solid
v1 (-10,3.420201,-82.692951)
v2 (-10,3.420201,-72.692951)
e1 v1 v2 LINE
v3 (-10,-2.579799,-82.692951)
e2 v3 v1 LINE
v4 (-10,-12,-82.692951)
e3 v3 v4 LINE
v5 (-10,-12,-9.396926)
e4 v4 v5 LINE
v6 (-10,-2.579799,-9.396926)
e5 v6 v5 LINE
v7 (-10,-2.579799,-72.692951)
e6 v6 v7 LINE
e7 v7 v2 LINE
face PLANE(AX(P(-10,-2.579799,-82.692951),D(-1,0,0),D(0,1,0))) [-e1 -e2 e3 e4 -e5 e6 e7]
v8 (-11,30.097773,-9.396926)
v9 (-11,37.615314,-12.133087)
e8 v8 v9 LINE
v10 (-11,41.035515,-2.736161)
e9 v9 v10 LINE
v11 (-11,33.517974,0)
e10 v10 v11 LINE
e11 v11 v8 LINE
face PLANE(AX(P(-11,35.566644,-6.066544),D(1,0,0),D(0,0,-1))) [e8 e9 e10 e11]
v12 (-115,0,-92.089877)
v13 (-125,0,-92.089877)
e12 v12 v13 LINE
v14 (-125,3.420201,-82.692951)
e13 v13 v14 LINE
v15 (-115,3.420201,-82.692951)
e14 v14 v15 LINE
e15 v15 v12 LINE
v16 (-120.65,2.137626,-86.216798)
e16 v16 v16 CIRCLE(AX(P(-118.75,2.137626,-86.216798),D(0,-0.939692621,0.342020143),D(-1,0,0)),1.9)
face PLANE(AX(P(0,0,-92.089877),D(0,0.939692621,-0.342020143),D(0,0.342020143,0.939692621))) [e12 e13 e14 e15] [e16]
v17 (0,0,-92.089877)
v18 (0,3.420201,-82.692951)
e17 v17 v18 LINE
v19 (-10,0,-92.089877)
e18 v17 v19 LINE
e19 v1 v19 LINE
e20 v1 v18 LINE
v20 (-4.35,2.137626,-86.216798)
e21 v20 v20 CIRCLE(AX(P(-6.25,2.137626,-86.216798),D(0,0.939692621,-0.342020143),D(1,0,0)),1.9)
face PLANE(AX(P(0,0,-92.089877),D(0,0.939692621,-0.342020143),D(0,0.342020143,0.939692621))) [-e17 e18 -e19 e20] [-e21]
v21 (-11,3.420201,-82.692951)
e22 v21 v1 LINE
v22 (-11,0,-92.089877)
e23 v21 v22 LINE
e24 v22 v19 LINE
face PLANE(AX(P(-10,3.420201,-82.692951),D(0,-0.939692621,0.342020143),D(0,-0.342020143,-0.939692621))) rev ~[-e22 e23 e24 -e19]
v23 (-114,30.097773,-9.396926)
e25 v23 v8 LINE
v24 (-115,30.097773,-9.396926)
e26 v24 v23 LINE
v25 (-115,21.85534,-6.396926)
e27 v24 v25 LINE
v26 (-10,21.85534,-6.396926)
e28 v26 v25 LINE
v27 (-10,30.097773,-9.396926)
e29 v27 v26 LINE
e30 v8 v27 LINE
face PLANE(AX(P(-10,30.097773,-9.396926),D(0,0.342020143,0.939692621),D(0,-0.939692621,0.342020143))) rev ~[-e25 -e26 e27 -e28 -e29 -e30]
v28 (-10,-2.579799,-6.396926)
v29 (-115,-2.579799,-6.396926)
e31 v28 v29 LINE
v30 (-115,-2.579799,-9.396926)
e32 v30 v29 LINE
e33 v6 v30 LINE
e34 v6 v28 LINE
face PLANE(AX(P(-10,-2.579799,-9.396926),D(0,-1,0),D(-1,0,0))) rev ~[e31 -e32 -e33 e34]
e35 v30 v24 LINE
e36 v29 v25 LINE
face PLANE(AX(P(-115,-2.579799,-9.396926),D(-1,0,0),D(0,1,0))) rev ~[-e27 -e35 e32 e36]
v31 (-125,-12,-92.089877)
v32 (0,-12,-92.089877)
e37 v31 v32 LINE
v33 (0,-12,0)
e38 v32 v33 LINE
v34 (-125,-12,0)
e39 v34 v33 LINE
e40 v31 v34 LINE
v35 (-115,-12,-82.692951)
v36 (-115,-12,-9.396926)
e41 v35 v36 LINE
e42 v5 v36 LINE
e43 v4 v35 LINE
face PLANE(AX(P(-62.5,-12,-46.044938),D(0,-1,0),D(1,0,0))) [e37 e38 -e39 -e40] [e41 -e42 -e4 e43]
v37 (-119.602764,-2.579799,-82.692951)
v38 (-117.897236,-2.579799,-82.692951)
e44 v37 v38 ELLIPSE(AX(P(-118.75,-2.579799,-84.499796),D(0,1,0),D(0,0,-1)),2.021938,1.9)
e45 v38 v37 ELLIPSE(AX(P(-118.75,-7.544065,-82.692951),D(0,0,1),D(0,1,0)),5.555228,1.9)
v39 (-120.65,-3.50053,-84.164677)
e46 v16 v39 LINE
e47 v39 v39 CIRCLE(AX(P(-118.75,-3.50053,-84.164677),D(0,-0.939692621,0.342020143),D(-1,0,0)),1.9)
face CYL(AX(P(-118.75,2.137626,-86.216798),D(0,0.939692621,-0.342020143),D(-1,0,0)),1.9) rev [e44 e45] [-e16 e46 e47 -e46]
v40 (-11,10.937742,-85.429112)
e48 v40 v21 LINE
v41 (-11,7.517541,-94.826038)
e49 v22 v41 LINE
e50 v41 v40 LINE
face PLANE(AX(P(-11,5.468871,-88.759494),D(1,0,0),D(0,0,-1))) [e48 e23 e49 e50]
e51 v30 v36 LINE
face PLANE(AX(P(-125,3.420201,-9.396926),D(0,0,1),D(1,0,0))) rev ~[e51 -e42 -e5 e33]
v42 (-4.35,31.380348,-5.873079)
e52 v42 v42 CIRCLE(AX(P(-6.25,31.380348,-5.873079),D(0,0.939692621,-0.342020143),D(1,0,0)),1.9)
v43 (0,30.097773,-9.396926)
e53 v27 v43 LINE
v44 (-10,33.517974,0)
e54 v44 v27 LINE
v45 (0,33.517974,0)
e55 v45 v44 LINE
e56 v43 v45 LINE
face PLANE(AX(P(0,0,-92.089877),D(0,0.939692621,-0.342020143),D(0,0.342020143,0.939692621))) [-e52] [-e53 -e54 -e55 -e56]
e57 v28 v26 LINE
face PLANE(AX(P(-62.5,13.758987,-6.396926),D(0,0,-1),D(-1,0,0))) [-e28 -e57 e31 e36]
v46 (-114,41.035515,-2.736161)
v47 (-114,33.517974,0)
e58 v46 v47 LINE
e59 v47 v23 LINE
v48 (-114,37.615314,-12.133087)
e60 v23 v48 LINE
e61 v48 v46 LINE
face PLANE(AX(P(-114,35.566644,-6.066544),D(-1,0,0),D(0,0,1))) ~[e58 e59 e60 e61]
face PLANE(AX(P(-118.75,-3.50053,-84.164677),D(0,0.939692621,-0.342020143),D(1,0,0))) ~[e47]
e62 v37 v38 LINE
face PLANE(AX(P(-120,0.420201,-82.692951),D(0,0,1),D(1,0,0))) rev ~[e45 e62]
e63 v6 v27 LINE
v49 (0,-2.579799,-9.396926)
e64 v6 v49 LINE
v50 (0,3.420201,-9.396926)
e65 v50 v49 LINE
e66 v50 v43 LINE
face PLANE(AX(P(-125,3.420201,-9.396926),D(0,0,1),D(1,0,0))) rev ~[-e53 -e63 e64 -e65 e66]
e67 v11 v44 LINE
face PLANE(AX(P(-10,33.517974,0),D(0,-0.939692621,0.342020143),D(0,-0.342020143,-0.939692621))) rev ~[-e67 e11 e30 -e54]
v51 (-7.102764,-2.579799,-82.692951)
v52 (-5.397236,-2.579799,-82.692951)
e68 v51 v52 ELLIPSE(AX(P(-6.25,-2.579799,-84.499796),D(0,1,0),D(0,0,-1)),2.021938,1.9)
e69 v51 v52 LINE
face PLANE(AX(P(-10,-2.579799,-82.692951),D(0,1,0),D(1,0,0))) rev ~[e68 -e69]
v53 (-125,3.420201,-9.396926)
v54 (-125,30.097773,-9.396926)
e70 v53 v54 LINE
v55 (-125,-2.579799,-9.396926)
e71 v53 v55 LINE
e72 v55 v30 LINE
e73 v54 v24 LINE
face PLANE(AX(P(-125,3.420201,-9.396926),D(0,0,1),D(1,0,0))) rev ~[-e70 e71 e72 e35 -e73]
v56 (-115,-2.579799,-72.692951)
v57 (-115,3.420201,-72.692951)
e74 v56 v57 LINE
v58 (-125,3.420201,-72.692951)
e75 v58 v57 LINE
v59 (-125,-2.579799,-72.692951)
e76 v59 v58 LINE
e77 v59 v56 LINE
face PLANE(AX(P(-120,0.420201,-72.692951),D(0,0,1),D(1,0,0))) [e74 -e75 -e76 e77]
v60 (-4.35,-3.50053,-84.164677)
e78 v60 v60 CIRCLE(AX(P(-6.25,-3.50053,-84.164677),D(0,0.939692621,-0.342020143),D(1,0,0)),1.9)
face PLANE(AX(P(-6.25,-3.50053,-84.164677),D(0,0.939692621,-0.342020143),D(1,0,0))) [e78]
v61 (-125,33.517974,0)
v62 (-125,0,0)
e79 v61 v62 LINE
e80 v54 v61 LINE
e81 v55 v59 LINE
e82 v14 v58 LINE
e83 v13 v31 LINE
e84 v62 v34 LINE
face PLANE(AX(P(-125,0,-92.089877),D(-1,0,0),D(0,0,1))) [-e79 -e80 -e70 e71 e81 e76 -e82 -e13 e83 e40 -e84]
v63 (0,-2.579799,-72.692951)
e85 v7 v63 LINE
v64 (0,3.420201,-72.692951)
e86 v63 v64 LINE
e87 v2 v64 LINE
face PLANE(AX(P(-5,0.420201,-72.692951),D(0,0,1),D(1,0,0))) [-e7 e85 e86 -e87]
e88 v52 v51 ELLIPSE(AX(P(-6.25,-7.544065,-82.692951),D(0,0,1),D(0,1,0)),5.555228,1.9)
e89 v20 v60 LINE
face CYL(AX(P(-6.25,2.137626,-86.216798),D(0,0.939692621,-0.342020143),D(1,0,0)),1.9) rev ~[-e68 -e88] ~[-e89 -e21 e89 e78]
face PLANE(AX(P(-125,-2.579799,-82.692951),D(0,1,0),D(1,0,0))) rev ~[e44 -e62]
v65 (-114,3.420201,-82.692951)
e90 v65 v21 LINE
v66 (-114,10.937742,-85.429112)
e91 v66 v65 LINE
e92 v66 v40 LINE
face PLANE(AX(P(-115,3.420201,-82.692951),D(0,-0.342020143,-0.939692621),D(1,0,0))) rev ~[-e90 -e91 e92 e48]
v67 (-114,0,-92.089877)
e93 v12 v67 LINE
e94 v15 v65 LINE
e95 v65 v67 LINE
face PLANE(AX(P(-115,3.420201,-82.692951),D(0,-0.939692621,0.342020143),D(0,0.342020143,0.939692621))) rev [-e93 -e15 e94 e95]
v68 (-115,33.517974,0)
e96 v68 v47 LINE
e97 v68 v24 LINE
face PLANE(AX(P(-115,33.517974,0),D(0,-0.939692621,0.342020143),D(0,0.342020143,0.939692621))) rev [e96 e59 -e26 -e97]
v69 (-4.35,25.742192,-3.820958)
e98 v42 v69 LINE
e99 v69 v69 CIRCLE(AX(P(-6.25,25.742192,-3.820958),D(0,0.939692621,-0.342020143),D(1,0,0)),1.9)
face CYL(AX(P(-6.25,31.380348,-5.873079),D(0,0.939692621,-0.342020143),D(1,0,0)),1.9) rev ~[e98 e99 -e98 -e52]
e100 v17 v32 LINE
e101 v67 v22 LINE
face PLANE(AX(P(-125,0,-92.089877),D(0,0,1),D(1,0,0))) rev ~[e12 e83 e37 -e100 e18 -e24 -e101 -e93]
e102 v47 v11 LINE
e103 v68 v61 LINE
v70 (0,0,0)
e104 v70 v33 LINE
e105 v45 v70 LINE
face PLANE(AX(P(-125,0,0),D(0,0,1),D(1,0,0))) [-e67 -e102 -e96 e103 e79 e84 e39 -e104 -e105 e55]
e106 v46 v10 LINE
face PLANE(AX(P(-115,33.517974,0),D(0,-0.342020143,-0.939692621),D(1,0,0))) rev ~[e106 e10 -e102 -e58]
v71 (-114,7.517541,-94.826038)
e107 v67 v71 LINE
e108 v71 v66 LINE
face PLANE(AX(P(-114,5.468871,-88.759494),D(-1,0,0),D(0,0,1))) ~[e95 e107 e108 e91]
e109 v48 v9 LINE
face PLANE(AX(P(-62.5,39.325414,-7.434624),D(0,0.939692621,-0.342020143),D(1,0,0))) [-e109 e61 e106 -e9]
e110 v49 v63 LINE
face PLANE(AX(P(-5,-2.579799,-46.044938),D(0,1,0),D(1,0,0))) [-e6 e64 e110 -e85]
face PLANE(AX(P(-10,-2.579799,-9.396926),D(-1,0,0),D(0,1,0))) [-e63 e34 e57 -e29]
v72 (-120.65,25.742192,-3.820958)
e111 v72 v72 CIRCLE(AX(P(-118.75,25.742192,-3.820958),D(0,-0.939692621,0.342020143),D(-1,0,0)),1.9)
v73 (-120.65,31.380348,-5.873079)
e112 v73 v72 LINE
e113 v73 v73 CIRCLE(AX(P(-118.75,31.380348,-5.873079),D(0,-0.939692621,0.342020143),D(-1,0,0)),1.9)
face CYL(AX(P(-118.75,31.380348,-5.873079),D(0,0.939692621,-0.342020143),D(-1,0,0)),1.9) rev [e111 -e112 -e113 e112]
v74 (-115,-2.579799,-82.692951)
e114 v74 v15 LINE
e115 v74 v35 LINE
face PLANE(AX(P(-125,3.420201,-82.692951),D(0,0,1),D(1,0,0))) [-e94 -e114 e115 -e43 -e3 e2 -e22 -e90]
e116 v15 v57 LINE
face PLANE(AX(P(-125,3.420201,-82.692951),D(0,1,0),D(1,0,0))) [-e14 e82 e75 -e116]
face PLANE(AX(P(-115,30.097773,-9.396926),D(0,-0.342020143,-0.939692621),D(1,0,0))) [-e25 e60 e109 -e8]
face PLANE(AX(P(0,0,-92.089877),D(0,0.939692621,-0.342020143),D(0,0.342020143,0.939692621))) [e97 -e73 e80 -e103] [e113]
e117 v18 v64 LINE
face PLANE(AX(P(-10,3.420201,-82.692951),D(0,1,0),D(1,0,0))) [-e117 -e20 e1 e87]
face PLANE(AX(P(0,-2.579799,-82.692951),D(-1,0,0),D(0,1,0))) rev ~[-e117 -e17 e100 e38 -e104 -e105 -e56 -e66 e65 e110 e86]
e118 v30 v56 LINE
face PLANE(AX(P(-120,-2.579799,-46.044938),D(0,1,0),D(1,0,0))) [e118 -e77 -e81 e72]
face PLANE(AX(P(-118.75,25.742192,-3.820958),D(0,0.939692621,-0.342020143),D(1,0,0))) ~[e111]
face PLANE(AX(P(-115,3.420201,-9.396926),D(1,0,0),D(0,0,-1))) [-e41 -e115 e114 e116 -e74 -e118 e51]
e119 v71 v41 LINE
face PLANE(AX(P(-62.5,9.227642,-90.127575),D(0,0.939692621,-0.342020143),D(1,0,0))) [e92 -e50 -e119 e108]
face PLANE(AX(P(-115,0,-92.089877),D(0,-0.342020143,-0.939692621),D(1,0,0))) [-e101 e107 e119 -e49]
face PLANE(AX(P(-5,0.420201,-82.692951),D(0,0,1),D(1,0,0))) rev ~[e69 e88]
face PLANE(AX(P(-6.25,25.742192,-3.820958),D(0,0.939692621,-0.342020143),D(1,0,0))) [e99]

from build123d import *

# Parameters (mm, degrees)
BOSS_EXTRUDE3_DEPTH  = 125
SKETCH3_W            = 125
SKETCH3_H            = 92.089876837
BOSS_EXTRUDE5_DEPTH  = 12
CUT_EXTRUDE1_DEPTH   = 126
SKETCH7_W            = 105
SKETCH7_H            = 10
BOSS_EXTRUDE6_DEPTH  = 8
SKETCH8_W            = 105
SKETCH8_H            = 10
BOSS_EXTRUDE7_DEPTH  = 8
SKETCH9_W            = 105
SKETCH9_H            = 73.296024421
CUT_EXTRUDE2_DEPTH   = 16.420201433
SKETCH11_W           = 10
SKETCH11_H           = 73.296024421
CUT_EXTRUDE3_DEPTH   = 6
SKETCH12_W           = 10
SKETCH12_H           = 73.296024421
CUT_EXTRUDE4_DEPTH   = 6
SKETCH13_W           = 105
SKETCH13_H           = 32.67757118
CUT_EXTRUDE6_DEPTH   = 3
SKETCH14_R           = 1.9
CUT_EXTRUDE8_DEPTH   = 6
SKETCH15_R           = 1.9
CUT_EXTRUDE9_DEPTH   = 6
BOSS_EXTRUDE9_REACH  = 117
SKETCH25_W           = 10
SKETCH25_H           = 6
BOSS_EXTRUDE13_DEPTH = 10
CUT_EXTRUDE10_DEPTH  = 1
CUT_EXTRUDE11_DEPTH  = 1


with BuildPart() as part:
    # Sketch1 → Boss-Extrude3 (new body)
    with BuildSketch(Plane(origin=(0, 0, 0), x_dir=(0, 0, -1), z_dir=(1, 0, 0))):
        Polygon((0, 0), (92.089876837, 0), (0, 33.517974046), align=None)
    extrude(amount=-BOSS_EXTRUDE3_DEPTH)

    # Sketch3 → Boss-Extrude5 (add)
    with BuildSketch(Plane.XZ):
        with Locations((-62.5, -46.044938419)):
            Rectangle(SKETCH3_W, SKETCH3_H)
    extrude(amount=BOSS_EXTRUDE5_DEPTH)

    # Sketch6 → Cut-Extrude1 (cut, through all)
    with BuildSketch(Plane.ZY.offset(125)):
        Polygon((-9.396926208, 30.097772613), (-82.692950629, 3.420201433), (-9.396926208, 3.420201433), align=None)
    extrude(amount=-CUT_EXTRUDE1_DEPTH, mode=Mode.SUBTRACT)

    # Sketch7 → Boss-Extrude6 (add)
    with BuildSketch(Plane(origin=(0, 29.597115904, -10.772469209), x_dir=(1, 0, 0), z_dir=(0, 0.939692621, -0.342020143))):
        with Locations((-62.5, 81.536177713)):
            Rectangle(SKETCH7_W, SKETCH7_H)
    extrude(amount=BOSS_EXTRUDE6_DEPTH)

    # Sketch8 → Boss-Extrude7 (add)
    with BuildSketch(Plane(origin=(0, 29.597115904, -10.772469209), x_dir=(1, 0, 0), z_dir=(0, 0.939692621, -0.342020143))):
        with Locations((-62.5, -6.463822287)):
            Rectangle(SKETCH8_W, SKETCH8_H)
    extrude(amount=BOSS_EXTRUDE7_DEPTH)

    # Sketch9 → Cut-Extrude2 (cut, through all)
    with BuildSketch(Plane(origin=(0, 3.420201433, 0), x_dir=(1, 0, 0), z_dir=(0, 1, 0))):
        with Locations((-62.5, 46.044938419)):
            Rectangle(SKETCH9_W, SKETCH9_H)
    extrude(amount=-CUT_EXTRUDE2_DEPTH, mode=Mode.SUBTRACT)

    # Sketch11 → Cut-Extrude3 (cut)
    with BuildSketch(Plane(origin=(0, 3.420201433, 0), x_dir=(1, 0, 0), z_dir=(0, 1, 0))):
        with Locations((-5, 46.044938419)):
            Rectangle(SKETCH11_W, SKETCH11_H)
    extrude(amount=-CUT_EXTRUDE3_DEPTH, mode=Mode.SUBTRACT)

    # Sketch12 → Cut-Extrude4 (cut)
    with BuildSketch(Plane(origin=(0, 3.420201433, 0), x_dir=(1, 0, 0), z_dir=(0, 1, 0))):
        with Locations((-120, 46.044938419)):
            Rectangle(SKETCH12_W, SKETCH12_H)
    extrude(amount=-CUT_EXTRUDE4_DEPTH, mode=Mode.SUBTRACT)

    # Sketch13 → Cut-Extrude6 (cut)
    with BuildSketch(Plane(origin=(0, 0, -9.396926208), x_dir=(-1, 0, 0), z_dir=(0, 0, -1))):
        with Locations((62.5, 13.758987023)):
            Rectangle(SKETCH13_W, SKETCH13_H)
    extrude(amount=-CUT_EXTRUDE6_DEPTH, mode=Mode.SUBTRACT)

    # Sketch14 → Cut-Extrude8 (cut)
    with BuildSketch(Plane(origin=(0, 29.597115904, -10.772469209), x_dir=(1, 0, 0), z_dir=(0, 0.939692621, -0.342020143))):
        with Locations((-6.25, 80.286177713)):
            Circle(SKETCH14_R)
    cut_extrude8 = extrude(amount=-CUT_EXTRUDE8_DEPTH, mode=Mode.SUBTRACT)

    # Mirror1: Cut-Extrude8 across plane
    add(cut_extrude8.mirror(Plane(origin=(-62.5, 0, 0), x_dir=(0, 0, 1), z_dir=(1, 0, 0))), mode=Mode.SUBTRACT)

    # Sketch15 → Cut-Extrude9 (cut)
    with BuildSketch(Plane(origin=(0, 29.597115904, -10.772469209), x_dir=(1, 0, 0), z_dir=(0, 0.939692621, -0.342020143))):
        with Locations((-6.25, -5.213822287)):
            Circle(SKETCH15_R)
    cut_extrude9 = extrude(amount=-CUT_EXTRUDE9_DEPTH, mode=Mode.SUBTRACT)

    # Mirror2: Cut-Extrude9 across plane
    add(cut_extrude9.mirror(Plane(origin=(-62.5, 0, 0), x_dir=(0, 0, 1), z_dir=(1, 0, 0))), mode=Mode.SUBTRACT)

    # Sketch22 → Boss-Extrude9 (add, up to next)
    with BuildSketch(Plane.ZY.offset(10), mode=Mode.PRIVATE) as boss_extrude9_sk1:
        Polygon((-9.396926208, 30.097772613), (-6.396926208, 21.855340354), (-6.396926208, 30.097772613), align=None)
    boss_extrude9_tool1 = extrude(boss_extrude9_sk1.sketch, amount=BOSS_EXTRUDE9_REACH, mode=Mode.PRIVATE) - part.part
    add(boss_extrude9_tool1.solids().sort_by_distance((-10, 27.350295, -7.396926))[0])

    # Sketch25 → Boss-Extrude13 (add)
    with BuildSketch(Plane.XY.offset(-82.692950629)):
        with Locations((-5, 0.420201433)):
            Rectangle(SKETCH25_W, SKETCH25_H)
        with Locations((-120, 0.420201433)):
            Rectangle(SKETCH25_W, SKETCH25_H)
    extrude(amount=BOSS_EXTRUDE13_DEPTH)

    # Sketch26 → Cut-Extrude10 (cut)
    with BuildSketch(Plane(origin=(-10, 0, 0), x_dir=(0, 0, -1), z_dir=(1, 0, 0))):
        Polygon((0, 33.517974046), (9.396926208, 30.097772613), (12.133087354, 37.615313579), (2.736161147, 41.035515012), align=None)
    cut_extrude10 = extrude(amount=-CUT_EXTRUDE10_DEPTH, mode=Mode.SUBTRACT)

    # Sketch27 → Cut-Extrude11 (cut)
    with BuildSketch(Plane(origin=(-10, 0, 0), x_dir=(0, 0, -1), z_dir=(1, 0, 0))):
        Polygon((82.692950629, 3.420201433), (92.089876837, 0), (94.826037984, 7.517540966), (85.429111776, 10.9377424), align=None)
    cut_extrude11 = extrude(amount=-CUT_EXTRUDE11_DEPTH, mode=Mode.SUBTRACT)

    # Mirror3: Cut-Extrude10, Cut-Extrude11 across plane
    add(cut_extrude10.mirror(Plane(origin=(-62.5, 0, 0), x_dir=(0, 0, 1), z_dir=(1, 0, 0))), mode=Mode.SUBTRACT)
    add(cut_extrude11.mirror(Plane(origin=(-62.5, 0, 0), x_dir=(0, 0, 1), z_dir=(1, 0, 0))), mode=Mode.SUBTRACT)


solid = part.part
